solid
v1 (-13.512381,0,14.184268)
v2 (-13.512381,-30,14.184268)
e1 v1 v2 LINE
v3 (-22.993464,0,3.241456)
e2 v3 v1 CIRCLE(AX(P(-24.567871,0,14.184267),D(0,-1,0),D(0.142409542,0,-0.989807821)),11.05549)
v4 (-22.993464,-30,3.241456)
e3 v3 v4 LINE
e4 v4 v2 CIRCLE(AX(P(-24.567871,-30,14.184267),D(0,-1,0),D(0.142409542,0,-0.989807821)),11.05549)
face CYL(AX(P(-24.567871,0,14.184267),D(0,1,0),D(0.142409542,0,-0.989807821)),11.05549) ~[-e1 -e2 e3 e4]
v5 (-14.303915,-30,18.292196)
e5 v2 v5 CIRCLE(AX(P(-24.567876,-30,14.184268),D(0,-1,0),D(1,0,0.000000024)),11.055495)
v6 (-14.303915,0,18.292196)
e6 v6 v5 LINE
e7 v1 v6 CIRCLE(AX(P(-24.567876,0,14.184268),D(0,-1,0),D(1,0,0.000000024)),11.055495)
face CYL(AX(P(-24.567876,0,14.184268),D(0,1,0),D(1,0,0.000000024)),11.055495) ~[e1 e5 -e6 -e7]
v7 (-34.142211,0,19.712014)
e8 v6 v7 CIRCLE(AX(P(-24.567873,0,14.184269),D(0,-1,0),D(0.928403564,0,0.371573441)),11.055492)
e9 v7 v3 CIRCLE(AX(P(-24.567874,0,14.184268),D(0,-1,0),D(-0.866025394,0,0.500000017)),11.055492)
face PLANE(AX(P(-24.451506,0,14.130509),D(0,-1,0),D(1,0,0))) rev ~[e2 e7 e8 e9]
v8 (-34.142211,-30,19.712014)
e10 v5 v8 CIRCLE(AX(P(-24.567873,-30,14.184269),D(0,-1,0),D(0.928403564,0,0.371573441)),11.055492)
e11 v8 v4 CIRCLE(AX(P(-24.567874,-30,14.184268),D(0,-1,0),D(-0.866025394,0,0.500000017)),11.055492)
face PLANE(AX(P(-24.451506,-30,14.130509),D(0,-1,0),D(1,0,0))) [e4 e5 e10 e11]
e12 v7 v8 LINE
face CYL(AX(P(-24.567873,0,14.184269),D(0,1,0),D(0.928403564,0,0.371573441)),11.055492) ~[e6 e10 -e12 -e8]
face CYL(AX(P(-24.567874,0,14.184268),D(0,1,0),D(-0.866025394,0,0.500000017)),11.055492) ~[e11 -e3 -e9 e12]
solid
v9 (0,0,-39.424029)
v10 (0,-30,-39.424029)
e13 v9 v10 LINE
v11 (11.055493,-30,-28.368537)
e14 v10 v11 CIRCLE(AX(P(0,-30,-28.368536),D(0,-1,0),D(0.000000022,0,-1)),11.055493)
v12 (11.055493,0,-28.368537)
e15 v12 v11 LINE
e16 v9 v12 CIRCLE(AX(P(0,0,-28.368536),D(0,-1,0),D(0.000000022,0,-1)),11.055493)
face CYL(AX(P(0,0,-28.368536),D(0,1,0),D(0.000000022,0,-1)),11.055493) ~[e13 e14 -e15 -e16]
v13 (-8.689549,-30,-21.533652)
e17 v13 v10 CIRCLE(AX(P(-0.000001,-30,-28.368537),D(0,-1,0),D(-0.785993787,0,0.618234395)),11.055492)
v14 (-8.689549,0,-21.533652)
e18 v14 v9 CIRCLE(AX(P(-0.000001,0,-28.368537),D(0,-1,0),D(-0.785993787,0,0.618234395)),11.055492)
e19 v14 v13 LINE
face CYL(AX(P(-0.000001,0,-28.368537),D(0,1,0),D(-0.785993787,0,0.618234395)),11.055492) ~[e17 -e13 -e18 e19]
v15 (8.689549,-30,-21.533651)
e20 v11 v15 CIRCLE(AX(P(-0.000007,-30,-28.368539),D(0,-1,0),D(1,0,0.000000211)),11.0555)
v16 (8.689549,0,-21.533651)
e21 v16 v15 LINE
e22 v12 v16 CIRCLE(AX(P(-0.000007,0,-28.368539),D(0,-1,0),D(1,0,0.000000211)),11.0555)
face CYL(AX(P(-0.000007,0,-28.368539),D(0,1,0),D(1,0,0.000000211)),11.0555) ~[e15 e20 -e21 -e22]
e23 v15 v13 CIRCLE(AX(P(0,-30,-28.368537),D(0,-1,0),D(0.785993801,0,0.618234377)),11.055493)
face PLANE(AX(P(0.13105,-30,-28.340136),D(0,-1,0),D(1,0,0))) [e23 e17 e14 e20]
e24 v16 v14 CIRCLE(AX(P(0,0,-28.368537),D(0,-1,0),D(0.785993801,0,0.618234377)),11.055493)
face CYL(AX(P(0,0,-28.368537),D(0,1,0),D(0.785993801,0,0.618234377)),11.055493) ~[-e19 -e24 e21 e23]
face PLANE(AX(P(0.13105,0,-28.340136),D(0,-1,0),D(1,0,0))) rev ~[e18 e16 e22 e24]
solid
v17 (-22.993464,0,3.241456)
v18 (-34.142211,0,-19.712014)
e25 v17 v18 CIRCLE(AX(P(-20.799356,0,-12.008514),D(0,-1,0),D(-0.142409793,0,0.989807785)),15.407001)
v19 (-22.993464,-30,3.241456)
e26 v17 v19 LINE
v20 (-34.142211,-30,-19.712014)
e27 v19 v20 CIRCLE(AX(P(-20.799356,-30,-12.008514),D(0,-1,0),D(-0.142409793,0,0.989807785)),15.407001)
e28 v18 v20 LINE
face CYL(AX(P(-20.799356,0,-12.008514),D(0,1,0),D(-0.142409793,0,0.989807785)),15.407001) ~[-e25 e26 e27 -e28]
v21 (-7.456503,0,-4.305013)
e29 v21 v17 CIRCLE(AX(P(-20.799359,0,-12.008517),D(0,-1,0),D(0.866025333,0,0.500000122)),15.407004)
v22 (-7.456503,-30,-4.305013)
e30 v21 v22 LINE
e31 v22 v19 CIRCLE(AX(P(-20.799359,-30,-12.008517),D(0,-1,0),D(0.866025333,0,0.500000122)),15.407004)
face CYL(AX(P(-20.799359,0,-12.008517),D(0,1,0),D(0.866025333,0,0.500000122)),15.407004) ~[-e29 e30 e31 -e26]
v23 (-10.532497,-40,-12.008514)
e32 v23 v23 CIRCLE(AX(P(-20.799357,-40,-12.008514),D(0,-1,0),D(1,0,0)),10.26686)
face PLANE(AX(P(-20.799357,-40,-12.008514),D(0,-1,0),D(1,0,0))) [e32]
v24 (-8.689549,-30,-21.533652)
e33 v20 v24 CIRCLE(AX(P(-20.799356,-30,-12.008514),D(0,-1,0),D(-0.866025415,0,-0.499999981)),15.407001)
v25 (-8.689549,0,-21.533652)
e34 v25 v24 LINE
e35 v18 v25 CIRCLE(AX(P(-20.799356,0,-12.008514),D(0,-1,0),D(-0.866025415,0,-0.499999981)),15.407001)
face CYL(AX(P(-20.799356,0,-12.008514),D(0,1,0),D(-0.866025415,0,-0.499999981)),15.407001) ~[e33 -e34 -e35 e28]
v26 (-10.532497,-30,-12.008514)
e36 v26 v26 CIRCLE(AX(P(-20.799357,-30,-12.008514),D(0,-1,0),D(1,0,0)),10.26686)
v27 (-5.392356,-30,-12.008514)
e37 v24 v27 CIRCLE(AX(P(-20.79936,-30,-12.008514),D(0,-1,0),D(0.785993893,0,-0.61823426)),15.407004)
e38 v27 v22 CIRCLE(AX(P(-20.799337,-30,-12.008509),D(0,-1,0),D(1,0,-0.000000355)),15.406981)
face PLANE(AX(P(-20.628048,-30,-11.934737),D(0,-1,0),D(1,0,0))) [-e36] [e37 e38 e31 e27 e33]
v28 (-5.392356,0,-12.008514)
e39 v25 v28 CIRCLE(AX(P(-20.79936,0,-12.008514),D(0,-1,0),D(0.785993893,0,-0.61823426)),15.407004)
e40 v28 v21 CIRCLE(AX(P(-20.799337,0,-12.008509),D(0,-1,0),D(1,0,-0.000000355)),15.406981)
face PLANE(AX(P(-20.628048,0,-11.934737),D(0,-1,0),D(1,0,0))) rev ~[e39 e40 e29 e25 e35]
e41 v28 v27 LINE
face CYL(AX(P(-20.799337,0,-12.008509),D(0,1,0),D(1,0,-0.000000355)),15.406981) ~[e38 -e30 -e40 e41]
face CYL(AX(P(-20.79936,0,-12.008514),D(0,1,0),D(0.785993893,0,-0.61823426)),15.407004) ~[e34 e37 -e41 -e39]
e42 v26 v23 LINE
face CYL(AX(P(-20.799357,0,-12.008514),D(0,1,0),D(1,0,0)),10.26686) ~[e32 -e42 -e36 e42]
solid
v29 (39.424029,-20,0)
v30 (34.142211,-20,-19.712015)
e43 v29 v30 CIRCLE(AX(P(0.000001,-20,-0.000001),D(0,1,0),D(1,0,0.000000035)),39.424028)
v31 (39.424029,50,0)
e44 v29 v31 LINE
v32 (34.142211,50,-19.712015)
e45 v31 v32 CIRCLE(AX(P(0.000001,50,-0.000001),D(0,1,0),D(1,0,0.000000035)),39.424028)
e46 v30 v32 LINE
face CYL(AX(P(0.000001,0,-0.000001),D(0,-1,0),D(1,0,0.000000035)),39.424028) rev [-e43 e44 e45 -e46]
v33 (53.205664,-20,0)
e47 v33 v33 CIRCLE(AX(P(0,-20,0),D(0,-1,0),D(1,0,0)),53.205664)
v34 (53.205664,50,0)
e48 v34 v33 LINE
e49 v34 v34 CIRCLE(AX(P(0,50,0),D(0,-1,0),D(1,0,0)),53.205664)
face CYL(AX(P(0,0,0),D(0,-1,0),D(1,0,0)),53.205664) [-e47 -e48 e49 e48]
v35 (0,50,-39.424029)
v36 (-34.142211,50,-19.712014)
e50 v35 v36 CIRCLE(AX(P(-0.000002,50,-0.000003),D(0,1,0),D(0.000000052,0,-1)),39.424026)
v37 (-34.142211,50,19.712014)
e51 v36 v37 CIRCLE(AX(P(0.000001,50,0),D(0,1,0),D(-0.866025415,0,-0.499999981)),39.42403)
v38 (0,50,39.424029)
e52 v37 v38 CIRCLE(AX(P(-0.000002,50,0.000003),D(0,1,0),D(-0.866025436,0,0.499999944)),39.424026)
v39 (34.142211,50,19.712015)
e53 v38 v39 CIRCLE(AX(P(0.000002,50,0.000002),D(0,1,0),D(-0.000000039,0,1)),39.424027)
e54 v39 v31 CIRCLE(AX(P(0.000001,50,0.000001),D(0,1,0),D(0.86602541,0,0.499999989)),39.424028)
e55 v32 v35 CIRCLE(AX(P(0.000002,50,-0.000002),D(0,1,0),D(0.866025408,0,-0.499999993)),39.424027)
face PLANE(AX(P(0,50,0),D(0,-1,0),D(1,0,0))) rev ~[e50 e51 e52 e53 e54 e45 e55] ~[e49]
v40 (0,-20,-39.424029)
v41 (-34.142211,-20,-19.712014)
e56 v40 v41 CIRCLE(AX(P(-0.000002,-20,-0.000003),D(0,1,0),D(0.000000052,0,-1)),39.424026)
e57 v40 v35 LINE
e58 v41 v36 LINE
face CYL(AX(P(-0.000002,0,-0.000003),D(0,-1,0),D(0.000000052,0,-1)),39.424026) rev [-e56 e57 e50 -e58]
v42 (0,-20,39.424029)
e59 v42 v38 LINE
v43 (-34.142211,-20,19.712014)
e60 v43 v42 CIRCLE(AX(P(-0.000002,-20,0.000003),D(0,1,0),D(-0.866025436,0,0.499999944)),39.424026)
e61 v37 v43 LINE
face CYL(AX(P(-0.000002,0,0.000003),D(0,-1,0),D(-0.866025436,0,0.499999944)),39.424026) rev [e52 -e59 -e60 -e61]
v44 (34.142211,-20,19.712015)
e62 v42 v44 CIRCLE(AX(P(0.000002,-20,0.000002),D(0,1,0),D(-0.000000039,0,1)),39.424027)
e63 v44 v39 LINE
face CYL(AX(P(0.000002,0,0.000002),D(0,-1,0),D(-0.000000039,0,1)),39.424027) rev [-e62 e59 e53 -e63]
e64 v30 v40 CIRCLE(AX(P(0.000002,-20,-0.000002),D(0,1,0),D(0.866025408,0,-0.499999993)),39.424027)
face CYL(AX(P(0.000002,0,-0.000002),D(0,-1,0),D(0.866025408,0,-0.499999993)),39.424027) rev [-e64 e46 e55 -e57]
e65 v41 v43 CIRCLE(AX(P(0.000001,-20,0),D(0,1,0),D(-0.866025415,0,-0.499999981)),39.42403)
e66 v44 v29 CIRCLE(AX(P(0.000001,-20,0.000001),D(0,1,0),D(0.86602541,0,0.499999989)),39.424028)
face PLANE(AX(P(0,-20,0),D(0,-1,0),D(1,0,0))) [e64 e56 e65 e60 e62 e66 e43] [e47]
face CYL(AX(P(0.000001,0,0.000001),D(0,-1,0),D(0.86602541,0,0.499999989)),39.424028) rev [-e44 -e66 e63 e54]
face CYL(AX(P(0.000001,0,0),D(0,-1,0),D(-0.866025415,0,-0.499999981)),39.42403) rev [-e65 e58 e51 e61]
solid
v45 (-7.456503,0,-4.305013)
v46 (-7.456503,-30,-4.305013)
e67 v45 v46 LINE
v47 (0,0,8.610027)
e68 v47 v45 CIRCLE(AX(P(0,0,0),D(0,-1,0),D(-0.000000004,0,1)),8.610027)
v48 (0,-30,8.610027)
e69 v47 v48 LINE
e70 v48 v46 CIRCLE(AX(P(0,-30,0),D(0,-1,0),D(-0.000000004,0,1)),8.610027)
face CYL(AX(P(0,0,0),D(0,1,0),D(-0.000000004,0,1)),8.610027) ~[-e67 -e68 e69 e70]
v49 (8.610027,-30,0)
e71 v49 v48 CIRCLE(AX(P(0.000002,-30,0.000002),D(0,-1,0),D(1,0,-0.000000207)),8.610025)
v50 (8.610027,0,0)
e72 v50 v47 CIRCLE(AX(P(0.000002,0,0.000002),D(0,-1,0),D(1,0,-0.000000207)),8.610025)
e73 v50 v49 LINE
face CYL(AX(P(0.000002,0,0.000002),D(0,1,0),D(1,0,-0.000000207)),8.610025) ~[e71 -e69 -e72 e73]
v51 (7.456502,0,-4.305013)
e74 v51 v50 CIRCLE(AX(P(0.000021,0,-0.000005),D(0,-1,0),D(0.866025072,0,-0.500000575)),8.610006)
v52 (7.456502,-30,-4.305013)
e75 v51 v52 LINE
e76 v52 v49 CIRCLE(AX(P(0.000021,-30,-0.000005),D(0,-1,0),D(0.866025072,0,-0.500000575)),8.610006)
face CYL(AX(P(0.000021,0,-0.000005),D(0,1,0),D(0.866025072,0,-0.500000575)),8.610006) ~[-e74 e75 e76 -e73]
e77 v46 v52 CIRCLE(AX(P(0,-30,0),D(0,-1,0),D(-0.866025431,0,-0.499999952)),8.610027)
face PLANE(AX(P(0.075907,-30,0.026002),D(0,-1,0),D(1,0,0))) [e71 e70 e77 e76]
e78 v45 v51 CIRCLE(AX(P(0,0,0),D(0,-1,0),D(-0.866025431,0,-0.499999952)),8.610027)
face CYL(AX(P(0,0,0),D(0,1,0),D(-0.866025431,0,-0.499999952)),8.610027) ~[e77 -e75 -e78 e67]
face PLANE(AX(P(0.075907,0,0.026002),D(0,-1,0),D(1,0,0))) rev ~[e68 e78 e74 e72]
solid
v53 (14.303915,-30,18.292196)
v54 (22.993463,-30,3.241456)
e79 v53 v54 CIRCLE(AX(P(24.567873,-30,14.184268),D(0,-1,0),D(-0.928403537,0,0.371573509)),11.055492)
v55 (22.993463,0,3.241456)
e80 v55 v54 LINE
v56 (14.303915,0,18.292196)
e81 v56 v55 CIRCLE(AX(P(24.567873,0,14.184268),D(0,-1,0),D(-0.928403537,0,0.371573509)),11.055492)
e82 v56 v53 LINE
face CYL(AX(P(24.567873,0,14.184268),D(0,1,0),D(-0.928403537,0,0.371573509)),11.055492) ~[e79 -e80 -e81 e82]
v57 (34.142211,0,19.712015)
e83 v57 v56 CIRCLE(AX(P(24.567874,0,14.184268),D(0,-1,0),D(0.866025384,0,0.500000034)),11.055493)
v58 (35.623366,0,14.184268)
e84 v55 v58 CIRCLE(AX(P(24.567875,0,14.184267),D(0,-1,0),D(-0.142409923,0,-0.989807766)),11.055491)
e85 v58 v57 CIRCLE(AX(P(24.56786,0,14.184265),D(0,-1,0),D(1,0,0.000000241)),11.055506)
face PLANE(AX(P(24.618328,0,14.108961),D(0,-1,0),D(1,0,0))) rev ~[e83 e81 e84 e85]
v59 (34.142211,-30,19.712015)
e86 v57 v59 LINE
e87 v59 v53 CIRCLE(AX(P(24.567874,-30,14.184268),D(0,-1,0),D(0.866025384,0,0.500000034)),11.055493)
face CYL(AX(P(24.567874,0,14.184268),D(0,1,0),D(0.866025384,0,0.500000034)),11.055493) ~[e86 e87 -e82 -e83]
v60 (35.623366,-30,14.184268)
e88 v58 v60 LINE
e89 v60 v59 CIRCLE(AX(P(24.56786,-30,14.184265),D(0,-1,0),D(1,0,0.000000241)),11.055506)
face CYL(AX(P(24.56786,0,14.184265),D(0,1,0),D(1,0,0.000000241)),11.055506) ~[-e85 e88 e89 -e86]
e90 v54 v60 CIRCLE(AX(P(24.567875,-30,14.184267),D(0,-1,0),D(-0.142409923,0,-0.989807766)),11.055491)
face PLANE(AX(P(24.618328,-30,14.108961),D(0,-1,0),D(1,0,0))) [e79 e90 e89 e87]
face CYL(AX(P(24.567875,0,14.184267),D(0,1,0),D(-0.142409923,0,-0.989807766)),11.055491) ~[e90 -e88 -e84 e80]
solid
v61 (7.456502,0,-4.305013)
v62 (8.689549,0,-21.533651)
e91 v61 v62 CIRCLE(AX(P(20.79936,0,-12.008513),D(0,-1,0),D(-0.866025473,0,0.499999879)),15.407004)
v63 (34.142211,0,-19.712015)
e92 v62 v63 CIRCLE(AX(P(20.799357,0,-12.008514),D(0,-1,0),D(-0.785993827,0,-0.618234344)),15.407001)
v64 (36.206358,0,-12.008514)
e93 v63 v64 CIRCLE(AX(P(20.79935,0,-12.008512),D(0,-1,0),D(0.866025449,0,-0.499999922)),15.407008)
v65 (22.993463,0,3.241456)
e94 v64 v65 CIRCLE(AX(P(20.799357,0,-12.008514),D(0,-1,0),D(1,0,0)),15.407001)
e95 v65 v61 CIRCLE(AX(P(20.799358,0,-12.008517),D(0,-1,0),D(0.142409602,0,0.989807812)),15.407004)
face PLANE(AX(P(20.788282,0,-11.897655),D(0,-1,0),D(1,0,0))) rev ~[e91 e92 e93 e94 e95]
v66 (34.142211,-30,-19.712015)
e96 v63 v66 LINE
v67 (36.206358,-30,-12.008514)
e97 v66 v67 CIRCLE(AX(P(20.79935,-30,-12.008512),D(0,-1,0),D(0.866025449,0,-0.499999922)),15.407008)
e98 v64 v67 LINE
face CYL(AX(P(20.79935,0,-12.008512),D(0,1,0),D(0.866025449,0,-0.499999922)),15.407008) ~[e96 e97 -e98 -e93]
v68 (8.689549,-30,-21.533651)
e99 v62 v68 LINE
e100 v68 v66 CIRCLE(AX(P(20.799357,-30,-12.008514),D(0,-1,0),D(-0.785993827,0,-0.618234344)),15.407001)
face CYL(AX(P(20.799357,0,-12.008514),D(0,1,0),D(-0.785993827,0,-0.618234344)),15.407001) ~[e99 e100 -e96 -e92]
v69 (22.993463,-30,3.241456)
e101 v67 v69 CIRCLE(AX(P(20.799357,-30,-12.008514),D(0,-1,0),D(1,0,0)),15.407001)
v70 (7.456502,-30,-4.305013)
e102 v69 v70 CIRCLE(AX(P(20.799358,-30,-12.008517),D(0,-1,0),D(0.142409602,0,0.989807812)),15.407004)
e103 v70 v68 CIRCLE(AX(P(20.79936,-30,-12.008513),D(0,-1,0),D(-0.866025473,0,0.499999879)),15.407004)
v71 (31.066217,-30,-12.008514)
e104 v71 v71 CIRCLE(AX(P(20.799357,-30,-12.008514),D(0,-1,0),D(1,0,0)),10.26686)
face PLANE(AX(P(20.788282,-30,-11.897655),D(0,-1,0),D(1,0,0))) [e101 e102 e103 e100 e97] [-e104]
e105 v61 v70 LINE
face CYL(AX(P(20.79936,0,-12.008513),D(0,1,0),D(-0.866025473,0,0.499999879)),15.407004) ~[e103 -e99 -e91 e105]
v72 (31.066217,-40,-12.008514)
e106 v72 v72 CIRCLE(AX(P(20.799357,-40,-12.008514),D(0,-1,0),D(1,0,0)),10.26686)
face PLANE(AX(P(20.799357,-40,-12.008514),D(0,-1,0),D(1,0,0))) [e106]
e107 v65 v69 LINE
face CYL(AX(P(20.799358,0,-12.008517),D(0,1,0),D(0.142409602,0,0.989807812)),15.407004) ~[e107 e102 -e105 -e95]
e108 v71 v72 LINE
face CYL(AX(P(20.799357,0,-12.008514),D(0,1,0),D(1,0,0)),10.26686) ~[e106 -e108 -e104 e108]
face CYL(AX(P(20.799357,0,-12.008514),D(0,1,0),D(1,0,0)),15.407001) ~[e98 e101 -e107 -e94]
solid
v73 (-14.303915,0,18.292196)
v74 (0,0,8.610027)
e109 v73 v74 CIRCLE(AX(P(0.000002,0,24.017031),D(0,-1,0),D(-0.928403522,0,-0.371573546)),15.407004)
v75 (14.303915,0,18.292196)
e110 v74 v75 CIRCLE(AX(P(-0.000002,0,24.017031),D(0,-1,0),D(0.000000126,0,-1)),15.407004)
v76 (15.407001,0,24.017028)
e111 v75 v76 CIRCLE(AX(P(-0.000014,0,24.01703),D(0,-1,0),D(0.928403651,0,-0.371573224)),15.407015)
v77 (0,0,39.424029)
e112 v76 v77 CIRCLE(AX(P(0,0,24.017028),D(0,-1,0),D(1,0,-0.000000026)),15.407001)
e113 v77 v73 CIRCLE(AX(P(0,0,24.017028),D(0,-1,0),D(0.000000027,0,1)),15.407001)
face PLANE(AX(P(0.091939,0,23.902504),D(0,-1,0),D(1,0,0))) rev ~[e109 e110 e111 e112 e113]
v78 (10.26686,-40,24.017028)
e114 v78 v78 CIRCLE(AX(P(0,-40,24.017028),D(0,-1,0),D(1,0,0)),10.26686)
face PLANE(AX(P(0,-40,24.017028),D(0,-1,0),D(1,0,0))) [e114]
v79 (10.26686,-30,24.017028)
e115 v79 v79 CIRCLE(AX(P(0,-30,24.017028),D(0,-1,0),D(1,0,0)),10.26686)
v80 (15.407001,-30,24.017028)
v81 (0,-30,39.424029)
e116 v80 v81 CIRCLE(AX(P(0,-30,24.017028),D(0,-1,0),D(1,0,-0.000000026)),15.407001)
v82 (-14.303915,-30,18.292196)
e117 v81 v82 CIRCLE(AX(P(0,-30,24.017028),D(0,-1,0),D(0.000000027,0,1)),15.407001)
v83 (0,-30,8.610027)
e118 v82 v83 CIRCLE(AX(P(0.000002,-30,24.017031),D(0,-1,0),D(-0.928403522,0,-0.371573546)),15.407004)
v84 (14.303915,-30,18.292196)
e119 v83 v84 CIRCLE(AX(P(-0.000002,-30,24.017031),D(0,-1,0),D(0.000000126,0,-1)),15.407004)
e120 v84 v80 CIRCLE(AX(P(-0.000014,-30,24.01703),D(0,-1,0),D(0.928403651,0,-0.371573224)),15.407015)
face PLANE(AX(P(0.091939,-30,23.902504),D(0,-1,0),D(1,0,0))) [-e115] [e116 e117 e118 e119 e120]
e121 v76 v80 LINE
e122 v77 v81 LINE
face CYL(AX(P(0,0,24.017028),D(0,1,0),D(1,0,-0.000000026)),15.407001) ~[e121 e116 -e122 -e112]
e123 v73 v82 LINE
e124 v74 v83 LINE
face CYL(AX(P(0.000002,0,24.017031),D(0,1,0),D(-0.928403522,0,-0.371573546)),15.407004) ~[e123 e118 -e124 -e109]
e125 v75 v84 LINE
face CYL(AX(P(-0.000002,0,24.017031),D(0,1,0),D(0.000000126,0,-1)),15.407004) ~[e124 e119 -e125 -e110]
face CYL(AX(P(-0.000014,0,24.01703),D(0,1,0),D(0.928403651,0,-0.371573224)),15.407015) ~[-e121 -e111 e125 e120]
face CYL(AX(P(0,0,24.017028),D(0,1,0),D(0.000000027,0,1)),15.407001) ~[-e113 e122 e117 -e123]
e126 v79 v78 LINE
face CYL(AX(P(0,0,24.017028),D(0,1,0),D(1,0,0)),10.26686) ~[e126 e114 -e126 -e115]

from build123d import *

# Parameters (mm, degrees)
F0_R           = 10.26686
F1_DEPTH       = 40
F2_DEPTH       = 30
F3_DEPTH       = 30
F4_DEPTH       = 40
F5_DEPTH       = 30
F6_DEPTH       = 40
F7_DEPTH       = 30
F8_DEPTH       = 30
F9_DEPTH       = 30
F10_DEPTH      = 30
F0_R_2         = 53.205664
F11_DEPTH      = 20
F11_DEPTH_BACK = 50


with BuildPart() as f1:
    # F0 (on Front) → F1 (new body)
    with BuildSketch(Plane.XZ):
        with Locations((0, 24.017028)):
            Circle(F0_R)
    extrude(amount=F1_DEPTH)

    # F0 (on Front) → F2 (join)
    with BuildSketch(Plane.XZ):
        with BuildLine():
            ThreePointArc((-14.303915, 18.292196), (-8.636353, 11.258146), (0, 8.610027))
            ThreePointArc((0, 8.610027), (8.636353, 11.258146), (14.303915, 18.292196))
            ThreePointArc((14.303915, 18.292196), (15.128716, 21.101959), (15.407001, 24.017028))
            ThreePointArc((15.407001, 24.017028), (10.894395, 34.911423), (0, 39.424029))
            ThreePointArc((0, 39.424029), (-12.758883, 32.653381), (-14.303915, 18.292196))
        make_face()
        with Locations((0, 24.017028)):
            Circle(F0_R, mode=Mode.SUBTRACT)
    extrude(amount=F2_DEPTH)


with BuildPart() as f3:
    # F0 (on Front) → F3 (new body)
    with BuildSketch(Plane.XZ):
        with BuildLine():
            ThreePointArc((-5.392356, -12.008514), (-5.917336, -8.020889), (-7.456503, -4.305013))
            ThreePointArc((-7.456503, -4.305013), (-14.068017, 1.850228), (-22.993464, 3.241456))
            ThreePointArc((-22.993464, 3.241456), (-34.658099, -5.277174), (-34.142211, -19.712014))
            ThreePointArc((-34.142211, -19.712014), (-21.899216, -27.376207), (-8.689549, -21.533652))
            ThreePointArc((-8.689549, -21.533652), (-6.23997, -17.048349), (-5.392356, -12.008514))
        make_face()
        with Locations((-20.799357, -12.008514)):
            Circle(F0_R, mode=Mode.SUBTRACT)
    extrude(amount=F3_DEPTH)

    # F0 (on Front) → F4 (join)
    with BuildSketch(Plane.XZ):
        with Locations((-20.799357, -12.008514)):
            Circle(F0_R)
    extrude(amount=F4_DEPTH)


with BuildPart() as f5:
    # F0 (on Front) → F5 (new body)
    with BuildSketch(Plane.XZ):
        with BuildLine():
            ThreePointArc((22.993463, 3.241456), (14.068016, 1.850228), (7.456502, -4.305013))
            ThreePointArc((7.456502, -4.305013), (5.431664, -13.108374), (8.689549, -21.533651))
            ThreePointArc((8.689549, -21.533651), (21.899216, -27.376207), (34.142211, -19.712015))
            ThreePointArc((34.142211, -19.712015), (35.681377, -15.996139), (36.206358, -12.008514))
            ThreePointArc((36.206358, -12.008514), (32.443675, -1.919632), (22.993463, 3.241456))
        make_face()
        with Locations((20.799357, -12.008514)):
            Circle(F0_R, mode=Mode.SUBTRACT)
    extrude(amount=F5_DEPTH)

    # F0 (on Front) → F6 (join)
    with BuildSketch(Plane.XZ):
        with Locations((20.799357, -12.008514)):
            Circle(F0_R)
    extrude(amount=F6_DEPTH)


with BuildPart() as f7:
    # F0 (on Front) → F7 (new body)
    with BuildSketch(Plane.XZ):
        with BuildLine():
            ThreePointArc((-13.512381, 14.184268), (-13.712068, 16.276014), (-14.303915, 18.292196))
            ThreePointArc((-14.303915, 18.292196), (-23.778655, 25.211555), (-34.142211, 19.712014))
            ThreePointArc((-34.142211, 19.712014), (-33.723175, 7.987142), (-22.993464, 3.241456))
            ThreePointArc((-22.993464, 3.241456), (-16.212342, 6.944861), (-13.512381, 14.184268))
        make_face()
    extrude(amount=F7_DEPTH)


with BuildPart() as f8:
    # F0 (on Front) → F8 (new body)
    with BuildSketch(Plane.XZ):
        with BuildLine():
            ThreePointArc((34.142211, 19.712015), (23.778655, 25.211555), (14.303915, 18.292196))
            ThreePointArc((14.303915, 18.292196), (14.993536, 8.656522), (22.993463, 3.241456))
            ThreePointArc((22.993463, 3.241456), (31.807281, 5.828737), (35.623366, 14.184268))
            ThreePointArc((35.623366, 14.184268), (35.246659, 17.04564), (34.142211, 19.712015))
        make_face()
    extrude(amount=F8_DEPTH)


with BuildPart() as f9:
    # F0 (on Front) → F9 (new body)
    with BuildSketch(Plane.XZ):
        with BuildLine():
            ThreePointArc((11.055493, -28.368537), (10.447276, -24.752138), (8.689549, -21.533651))
            ThreePointArc((8.689549, -21.533651), (0, -17.313044), (-8.689549, -21.533652))
            ThreePointArc((-8.689549, -21.533652), (-9.94452, -33.198697), (0, -39.424029))
            ThreePointArc((0, -39.424029), (7.817414, -36.18595), (11.055493, -28.368537))
        make_face()
    extrude(amount=F9_DEPTH)


with BuildPart() as f10:
    # F0 (on Front) → F10 (new body)
    with BuildSketch(Plane.XZ):
        with BuildLine():
            ThreePointArc((7.456502, -4.305013), (8.316648, -2.228439), (8.610027, 0))
            ThreePointArc((8.610027, 0), (6.088209, 6.088209), (0, 8.610027))
            ThreePointArc((0, 8.610027), (-7.456502, 4.305014), (-7.456503, -4.305013))
            ThreePointArc((-7.456503, -4.305013), (0, -8.610027), (7.456502, -4.305013))
        make_face()
    extrude(amount=F10_DEPTH)


with BuildPart() as f11:
    # F0 (on Front) → F11 (new body, two sides)
    with BuildSketch(Plane.XZ) as f11_sk:
        Circle(F0_R_2)
        with BuildLine():
            ThreePointArc((-34.142211, 19.712014), (-19.712015, 34.142211), (0, 39.424029))
            ThreePointArc((0, 39.424029), (19.712015, 34.142211), (34.142211, 19.712015))
            ThreePointArc((34.142211, 19.712015), (38.080688, 10.20369), (39.424029, 0))
            ThreePointArc((39.424029, 0), (38.080688, -10.20369), (34.142211, -19.712015))
            ThreePointArc((34.142211, -19.712015), (19.712015, -34.142211), (0, -39.424029))
            ThreePointArc((0, -39.424029), (-19.712015, -34.142211), (-34.142211, -19.712014))
            ThreePointArc((-34.142211, -19.712014), (-39.424029, 0), (-34.142211, 19.712014))
        make_face(mode=Mode.SUBTRACT)
    extrude(amount=F11_DEPTH)
    extrude(f11_sk.sketch, amount=-F11_DEPTH_BACK)


solid = Compound([f1.part, f3.part, f5.part, f7.part, f8.part, f9.part, f10.part, f11.part])
